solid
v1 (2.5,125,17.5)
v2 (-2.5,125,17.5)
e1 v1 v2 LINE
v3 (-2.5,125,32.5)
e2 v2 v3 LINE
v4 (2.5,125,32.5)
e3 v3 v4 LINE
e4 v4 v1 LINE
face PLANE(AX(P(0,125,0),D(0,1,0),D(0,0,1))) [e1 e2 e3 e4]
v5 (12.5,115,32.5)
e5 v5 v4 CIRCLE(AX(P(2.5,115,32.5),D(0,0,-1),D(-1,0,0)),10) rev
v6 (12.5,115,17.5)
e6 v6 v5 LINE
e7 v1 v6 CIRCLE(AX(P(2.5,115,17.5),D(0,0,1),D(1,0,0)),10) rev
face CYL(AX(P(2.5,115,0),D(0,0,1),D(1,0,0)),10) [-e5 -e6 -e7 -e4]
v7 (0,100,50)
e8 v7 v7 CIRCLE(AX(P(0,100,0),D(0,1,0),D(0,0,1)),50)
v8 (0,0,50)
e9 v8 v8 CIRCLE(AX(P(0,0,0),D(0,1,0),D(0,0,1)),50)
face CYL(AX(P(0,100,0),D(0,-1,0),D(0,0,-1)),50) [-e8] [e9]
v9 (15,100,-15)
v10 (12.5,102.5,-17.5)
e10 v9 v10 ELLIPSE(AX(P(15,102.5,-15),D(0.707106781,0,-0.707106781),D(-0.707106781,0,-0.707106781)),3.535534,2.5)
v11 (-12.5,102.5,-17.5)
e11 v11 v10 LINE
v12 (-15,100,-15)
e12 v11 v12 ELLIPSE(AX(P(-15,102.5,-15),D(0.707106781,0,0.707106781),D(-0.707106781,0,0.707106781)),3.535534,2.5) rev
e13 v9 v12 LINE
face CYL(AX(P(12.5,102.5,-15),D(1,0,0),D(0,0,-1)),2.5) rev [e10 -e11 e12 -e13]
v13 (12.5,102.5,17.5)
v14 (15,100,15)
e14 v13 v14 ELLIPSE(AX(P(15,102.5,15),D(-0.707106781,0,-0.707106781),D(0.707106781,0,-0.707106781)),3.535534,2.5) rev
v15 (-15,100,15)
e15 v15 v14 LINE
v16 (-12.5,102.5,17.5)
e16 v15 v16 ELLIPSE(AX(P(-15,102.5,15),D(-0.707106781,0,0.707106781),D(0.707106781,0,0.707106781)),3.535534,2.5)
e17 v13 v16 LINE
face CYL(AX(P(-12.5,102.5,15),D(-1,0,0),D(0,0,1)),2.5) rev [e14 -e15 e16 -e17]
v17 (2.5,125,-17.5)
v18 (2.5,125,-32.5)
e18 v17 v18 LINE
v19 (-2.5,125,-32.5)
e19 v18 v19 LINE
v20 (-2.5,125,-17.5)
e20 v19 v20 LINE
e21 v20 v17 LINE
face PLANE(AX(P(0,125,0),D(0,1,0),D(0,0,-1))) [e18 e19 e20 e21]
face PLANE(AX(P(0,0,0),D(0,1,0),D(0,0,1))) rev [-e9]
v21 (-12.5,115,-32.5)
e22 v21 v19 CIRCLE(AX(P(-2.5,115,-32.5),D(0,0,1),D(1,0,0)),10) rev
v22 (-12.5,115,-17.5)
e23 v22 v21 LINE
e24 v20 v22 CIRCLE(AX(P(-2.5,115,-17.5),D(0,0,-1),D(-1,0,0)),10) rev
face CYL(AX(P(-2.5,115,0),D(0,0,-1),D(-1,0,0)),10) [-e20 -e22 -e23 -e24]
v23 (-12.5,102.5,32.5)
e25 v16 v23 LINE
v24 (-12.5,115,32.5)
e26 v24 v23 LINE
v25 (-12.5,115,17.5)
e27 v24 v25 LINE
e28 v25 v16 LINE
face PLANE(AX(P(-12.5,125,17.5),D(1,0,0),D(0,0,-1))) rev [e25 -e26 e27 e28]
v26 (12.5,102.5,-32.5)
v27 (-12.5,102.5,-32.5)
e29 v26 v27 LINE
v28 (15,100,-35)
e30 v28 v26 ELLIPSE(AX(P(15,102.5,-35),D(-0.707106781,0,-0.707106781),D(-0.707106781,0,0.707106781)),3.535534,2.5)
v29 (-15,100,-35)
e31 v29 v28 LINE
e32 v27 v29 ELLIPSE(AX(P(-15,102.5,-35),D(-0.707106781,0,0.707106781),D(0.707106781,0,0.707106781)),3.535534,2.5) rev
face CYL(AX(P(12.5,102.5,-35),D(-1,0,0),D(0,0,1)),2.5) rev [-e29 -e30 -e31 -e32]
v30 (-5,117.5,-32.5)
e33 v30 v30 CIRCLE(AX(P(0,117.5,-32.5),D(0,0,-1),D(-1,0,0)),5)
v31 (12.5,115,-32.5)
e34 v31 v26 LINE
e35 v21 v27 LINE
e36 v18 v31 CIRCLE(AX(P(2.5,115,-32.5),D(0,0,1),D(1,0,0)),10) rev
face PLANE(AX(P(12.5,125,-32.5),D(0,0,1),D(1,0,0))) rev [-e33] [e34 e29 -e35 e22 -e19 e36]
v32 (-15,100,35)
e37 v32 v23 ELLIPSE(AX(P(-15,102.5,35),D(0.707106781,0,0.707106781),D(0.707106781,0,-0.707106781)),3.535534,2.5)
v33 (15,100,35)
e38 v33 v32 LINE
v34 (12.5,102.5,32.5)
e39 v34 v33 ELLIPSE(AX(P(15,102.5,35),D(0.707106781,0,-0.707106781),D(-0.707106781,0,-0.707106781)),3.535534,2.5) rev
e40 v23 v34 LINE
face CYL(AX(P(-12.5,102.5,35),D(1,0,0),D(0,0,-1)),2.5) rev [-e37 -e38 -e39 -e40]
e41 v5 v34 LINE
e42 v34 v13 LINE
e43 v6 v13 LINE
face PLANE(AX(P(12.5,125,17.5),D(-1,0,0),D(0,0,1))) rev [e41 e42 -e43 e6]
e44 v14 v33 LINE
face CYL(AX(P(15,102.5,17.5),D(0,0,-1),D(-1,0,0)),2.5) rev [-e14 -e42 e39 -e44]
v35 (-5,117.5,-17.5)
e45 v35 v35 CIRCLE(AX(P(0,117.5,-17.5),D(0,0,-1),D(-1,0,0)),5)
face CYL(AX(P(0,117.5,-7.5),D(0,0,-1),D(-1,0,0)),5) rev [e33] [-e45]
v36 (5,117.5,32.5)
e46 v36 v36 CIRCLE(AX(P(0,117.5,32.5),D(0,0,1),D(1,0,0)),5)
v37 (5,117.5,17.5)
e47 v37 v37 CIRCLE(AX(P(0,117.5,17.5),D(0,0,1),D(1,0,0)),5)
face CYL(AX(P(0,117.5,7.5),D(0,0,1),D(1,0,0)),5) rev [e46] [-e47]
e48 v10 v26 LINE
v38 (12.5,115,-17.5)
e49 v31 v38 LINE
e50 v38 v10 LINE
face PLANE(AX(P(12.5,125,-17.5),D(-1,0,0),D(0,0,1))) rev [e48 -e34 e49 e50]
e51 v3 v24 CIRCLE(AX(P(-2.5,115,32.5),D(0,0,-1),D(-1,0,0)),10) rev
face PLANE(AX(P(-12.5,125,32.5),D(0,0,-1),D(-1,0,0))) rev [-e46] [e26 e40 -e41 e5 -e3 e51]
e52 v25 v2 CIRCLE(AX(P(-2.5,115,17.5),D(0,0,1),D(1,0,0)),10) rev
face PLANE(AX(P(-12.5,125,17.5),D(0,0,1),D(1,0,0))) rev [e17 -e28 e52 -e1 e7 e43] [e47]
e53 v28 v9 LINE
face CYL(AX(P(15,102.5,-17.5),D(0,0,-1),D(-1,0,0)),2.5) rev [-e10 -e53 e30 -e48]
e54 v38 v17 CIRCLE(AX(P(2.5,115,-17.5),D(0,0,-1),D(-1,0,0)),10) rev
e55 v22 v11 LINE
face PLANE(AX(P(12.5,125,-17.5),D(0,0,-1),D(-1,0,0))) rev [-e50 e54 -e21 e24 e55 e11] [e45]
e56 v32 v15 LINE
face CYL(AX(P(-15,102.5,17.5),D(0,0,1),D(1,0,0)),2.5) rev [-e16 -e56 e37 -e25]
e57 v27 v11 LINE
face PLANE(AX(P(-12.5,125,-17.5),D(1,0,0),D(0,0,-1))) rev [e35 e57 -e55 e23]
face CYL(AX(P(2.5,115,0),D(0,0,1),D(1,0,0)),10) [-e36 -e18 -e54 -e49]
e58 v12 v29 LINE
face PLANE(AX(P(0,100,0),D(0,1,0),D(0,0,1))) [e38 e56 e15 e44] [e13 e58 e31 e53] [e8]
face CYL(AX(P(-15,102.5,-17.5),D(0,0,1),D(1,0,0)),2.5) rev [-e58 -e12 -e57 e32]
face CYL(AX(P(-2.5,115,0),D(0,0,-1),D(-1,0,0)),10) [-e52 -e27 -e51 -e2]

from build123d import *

# Parameters (mm, degrees)
SKETCH1_R                = 50
BOSS_EXTRUDE1_DEPTH      = 100
SKETCH2_W                = 25
SKETCH2_H                = 15
BOSS_EXTRUDE2_DEPTH      = 25
FILLET1_R                = 2.5
FILLET2_R                = 10
SKETCH3_R                = 5
CUT_EXTRUDE1_DEPTH       = 25
CIRPATTERN1_COUNT        = 2
FILLET1_OF_CIRPATTERN1_R = 2.5
FILLET2_OF_CIRPATTERN1_R = 10


with BuildPart() as part:
    # Sketch1 → Boss-Extrude1 (new body)
    with BuildSketch(Plane(origin=(0, 0, 0), x_dir=(1, 0, 0), z_dir=(0, 1, 0))):
        Circle(SKETCH1_R)
    extrude(amount=BOSS_EXTRUDE1_DEPTH)

    # Sketch2 → Boss-Extrude2 (add)
    with BuildSketch(Plane(origin=(0, 100, 0), x_dir=(1, 0, 0), z_dir=(0, 1, 0))):
        with Locations((0, -25)):
            Rectangle(SKETCH2_W, SKETCH2_H)
    boss_extrude2 = extrude(amount=BOSS_EXTRUDE2_DEPTH)

    # Fillet1
    fillet1_edges = [part.edges().sort_by_distance(p)[0] for p in [
        (12.5, 100, 25),
        (0, 100, 17.5),
        (-12.5, 100, 25),
        (0, 100, 32.5),
    ]]
    fillet(fillet1_edges, radius=FILLET1_R)

    # Fillet2
    fillet2_edges = [part.edges().sort_by_distance(p)[0] for p in [
        (12.5, 125, 25),
        (-12.5, 125, 25),
    ]]
    fillet(fillet2_edges, radius=FILLET2_R)

    # Sketch3 → Cut-Extrude1 (cut)
    with BuildSketch(Plane.XY.offset(32.5)):
        with Locations((0, 117.5)):
            Circle(SKETCH3_R)
    cut_extrude1 = extrude(amount=-CUT_EXTRUDE1_DEPTH, mode=Mode.SUBTRACT)

    # CirPattern1: Boss-Extrude2, Cut-Extrude1 ×2 about axis
    cirpattern1_axis = Axis((0, 0, 0), (0, 1, 0))
    for i in range(1, CIRPATTERN1_COUNT):
        add(boss_extrude2.rotate(cirpattern1_axis, i * 360 / CIRPATTERN1_COUNT))
        add(cut_extrude1.rotate(cirpattern1_axis, i * 360 / CIRPATTERN1_COUNT), mode=Mode.SUBTRACT)

    # Fillet1 of CirPattern1
    fillet1_of_cirpattern1_edges = [part.edges().sort_by_distance(p)[0] for p in [
        (-12.5, 100, -25),
        (0, 100, -17.5),
        (12.5, 100, -25),
        (0, 100, -32.5),
    ]]
    fillet(fillet1_of_cirpattern1_edges, radius=FILLET1_OF_CIRPATTERN1_R)

    # Fillet2 of CirPattern1
    fillet2_of_cirpattern1_edges = [part.edges().sort_by_distance(p)[0] for p in [
        (-12.5, 125, -25),
        (12.5, 125, -25),
    ]]
    fillet(fillet2_of_cirpattern1_edges, radius=FILLET2_OF_CIRPATTERN1_R)


solid = part.part
